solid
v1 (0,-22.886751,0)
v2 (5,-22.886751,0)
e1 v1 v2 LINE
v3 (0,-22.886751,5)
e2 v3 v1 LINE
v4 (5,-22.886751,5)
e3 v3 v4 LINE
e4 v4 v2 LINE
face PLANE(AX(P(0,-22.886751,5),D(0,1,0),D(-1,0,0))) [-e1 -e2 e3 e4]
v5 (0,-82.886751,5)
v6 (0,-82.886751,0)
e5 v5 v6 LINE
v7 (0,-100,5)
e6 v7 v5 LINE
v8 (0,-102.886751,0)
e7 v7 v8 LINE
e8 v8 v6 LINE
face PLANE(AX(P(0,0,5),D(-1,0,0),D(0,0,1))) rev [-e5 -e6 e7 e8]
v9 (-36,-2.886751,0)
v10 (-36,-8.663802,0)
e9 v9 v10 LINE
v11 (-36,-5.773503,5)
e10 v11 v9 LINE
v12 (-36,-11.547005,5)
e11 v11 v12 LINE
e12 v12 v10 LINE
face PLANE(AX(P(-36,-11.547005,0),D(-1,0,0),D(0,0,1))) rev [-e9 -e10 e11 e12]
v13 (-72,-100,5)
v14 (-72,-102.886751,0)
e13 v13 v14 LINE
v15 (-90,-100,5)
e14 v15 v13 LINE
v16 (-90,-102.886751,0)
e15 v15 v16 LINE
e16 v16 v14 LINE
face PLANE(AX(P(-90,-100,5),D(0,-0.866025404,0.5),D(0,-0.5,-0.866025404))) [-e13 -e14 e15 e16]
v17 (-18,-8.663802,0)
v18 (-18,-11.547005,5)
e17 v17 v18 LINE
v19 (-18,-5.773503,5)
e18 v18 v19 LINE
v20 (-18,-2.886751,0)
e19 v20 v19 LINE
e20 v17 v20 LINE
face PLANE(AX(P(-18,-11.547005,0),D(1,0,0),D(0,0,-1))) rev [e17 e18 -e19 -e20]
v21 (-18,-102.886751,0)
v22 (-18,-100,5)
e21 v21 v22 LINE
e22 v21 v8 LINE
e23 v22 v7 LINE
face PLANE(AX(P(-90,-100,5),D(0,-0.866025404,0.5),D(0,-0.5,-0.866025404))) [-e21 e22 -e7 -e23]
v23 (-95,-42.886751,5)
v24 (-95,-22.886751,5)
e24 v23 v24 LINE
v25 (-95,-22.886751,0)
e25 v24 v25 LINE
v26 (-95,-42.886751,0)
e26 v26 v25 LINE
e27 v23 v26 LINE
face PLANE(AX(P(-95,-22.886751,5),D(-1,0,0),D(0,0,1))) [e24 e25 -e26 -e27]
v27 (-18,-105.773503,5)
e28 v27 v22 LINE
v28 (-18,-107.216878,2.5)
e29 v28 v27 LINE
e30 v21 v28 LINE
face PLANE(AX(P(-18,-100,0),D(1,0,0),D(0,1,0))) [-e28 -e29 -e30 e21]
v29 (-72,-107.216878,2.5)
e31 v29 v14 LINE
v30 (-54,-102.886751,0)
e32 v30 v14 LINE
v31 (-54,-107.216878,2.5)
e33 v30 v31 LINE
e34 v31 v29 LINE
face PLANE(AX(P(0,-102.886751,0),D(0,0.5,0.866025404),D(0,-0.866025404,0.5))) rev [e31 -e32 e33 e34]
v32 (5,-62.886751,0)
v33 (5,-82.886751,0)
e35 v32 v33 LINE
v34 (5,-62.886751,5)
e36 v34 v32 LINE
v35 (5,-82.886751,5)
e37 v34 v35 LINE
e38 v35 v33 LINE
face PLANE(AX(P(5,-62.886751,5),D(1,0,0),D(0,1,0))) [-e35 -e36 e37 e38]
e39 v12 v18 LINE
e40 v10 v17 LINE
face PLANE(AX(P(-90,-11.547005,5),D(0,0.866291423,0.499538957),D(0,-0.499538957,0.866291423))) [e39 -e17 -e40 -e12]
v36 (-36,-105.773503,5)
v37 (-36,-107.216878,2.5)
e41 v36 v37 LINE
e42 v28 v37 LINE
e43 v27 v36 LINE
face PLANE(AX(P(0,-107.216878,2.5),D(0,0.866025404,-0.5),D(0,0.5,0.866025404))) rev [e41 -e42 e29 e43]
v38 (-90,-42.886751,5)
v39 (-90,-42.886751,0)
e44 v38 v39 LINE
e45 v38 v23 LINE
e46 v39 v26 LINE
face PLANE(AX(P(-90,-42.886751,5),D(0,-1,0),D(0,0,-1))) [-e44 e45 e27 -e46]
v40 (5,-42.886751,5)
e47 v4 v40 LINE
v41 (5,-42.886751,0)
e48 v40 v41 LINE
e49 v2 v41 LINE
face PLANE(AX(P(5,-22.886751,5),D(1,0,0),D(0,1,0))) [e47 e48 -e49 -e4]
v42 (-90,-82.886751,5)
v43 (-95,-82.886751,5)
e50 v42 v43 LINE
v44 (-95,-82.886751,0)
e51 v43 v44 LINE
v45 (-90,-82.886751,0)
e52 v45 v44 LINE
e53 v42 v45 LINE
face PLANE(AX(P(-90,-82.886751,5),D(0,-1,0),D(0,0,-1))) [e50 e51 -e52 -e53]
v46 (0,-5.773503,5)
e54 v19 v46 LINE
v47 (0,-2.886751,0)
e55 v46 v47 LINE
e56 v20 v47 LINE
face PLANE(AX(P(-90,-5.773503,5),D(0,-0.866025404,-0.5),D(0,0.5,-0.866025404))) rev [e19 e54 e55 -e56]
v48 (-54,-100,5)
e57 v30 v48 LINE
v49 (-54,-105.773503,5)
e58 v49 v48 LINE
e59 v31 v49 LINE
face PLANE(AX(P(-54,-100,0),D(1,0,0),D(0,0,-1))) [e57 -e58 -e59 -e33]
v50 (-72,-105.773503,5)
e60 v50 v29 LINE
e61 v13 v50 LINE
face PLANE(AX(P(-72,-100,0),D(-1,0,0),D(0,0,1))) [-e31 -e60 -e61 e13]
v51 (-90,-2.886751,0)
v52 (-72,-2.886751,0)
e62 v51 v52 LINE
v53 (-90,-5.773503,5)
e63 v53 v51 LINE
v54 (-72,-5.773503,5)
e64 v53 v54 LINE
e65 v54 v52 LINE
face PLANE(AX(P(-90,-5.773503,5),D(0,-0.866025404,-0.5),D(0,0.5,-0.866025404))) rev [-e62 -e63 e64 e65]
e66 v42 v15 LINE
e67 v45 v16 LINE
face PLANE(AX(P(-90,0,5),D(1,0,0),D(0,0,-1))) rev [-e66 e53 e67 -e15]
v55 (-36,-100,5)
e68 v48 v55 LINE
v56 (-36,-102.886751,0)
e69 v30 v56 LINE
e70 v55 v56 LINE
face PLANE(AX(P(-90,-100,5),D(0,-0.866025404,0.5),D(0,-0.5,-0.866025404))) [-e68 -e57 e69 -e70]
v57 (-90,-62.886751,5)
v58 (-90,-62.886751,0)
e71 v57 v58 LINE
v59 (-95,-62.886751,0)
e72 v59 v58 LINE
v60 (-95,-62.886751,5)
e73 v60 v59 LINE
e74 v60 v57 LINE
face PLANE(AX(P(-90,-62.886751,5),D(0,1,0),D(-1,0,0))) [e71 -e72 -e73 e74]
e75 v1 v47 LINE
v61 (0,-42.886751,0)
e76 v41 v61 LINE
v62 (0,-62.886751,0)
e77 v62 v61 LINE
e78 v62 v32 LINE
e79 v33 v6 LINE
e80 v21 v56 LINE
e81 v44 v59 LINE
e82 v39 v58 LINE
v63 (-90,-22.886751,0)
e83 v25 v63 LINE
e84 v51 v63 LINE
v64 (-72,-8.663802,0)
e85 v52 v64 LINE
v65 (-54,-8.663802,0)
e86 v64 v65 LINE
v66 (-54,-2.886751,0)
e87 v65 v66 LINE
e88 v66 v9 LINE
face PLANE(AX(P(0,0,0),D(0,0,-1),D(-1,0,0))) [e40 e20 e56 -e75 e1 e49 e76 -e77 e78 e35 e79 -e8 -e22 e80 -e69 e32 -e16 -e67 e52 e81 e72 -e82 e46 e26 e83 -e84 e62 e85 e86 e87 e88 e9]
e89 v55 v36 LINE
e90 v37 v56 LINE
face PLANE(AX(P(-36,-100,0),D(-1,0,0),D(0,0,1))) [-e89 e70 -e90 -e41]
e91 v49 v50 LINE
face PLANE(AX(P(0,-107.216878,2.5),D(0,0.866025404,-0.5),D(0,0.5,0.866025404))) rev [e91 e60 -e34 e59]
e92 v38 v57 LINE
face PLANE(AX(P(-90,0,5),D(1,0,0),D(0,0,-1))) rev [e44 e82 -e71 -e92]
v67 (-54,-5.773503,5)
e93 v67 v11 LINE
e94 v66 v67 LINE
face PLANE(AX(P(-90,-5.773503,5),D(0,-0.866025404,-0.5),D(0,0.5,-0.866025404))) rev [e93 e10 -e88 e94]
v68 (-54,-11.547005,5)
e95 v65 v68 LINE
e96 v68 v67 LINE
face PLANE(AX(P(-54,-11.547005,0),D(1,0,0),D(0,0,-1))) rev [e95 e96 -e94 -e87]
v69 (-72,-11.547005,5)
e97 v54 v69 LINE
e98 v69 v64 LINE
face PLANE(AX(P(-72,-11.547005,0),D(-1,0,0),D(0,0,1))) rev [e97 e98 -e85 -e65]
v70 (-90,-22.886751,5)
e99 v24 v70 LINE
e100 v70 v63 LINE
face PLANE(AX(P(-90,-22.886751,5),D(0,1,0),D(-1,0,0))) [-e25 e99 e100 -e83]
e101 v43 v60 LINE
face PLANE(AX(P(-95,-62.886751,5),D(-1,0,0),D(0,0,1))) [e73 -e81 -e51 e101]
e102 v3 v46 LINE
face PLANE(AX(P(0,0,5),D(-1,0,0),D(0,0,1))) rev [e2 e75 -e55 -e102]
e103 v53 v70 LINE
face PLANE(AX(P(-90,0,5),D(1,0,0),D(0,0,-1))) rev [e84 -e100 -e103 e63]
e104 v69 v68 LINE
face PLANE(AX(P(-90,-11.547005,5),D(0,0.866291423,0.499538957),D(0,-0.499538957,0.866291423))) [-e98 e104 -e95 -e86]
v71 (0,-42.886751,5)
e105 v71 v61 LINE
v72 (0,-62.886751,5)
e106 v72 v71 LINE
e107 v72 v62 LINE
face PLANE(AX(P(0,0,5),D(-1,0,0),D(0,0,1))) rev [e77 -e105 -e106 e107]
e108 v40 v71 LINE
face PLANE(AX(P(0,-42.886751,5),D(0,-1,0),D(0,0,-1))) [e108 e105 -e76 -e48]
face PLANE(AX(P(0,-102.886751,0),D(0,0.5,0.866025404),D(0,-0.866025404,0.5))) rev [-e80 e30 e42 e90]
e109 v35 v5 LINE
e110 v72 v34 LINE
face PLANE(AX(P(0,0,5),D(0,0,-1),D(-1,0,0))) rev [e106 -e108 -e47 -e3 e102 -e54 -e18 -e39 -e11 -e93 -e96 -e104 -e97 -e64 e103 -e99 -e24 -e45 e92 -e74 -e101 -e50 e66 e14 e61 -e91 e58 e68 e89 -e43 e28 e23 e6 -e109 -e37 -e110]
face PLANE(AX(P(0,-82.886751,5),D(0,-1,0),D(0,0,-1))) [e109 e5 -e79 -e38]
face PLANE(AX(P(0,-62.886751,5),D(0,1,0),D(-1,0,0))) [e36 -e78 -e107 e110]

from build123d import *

# Parameters (mm, degrees)
ESQUISSE1_W                    = 90
ESQUISSE1_H                    = 100
BOSS_EXTRU_3_DEPTH             = 5
ENL_V_MAT_EXTRU_3_DEPTH        = 135.629120178
BOSS_EXTRU_4_DEPTH             = 90
ESQUISSE7_W                    = 18
ESQUISSE7_H                    = 5.773502692
ENL_V_MAT_EXTRU_4_DEPTH        = 137.787000854
ESQUISSE8_W                    = 18
ESQUISSE8_H                    = 5
ENL_V_MAT_EXTRU_5_DEPTH        = 133.498992691
ESQUISSE9_W                    = 18
ESQUISSE9_H                    = 5
ENL_V_MAT_EXTRU_6_DEPTH        = 133.498992691
BOSS_EXTRU_5_REACH             = 118.304
BOSS_EXTRU_5_DIRECTION_2_REACH = 118.304
ESQUISSE11_W                   = 18
ESQUISSE11_H                   = 13
BOSS_EXTRU_6_DEPTH             = 5
ENL_V_MAT_EXTRU_7_DEPTH        = 135.082064423
ESQUISSE13_W                   = 5
ESQUISSE13_H                   = 20
BOSS_EXTRU_7_DEPTH             = 5


with BuildPart() as part:
    # Esquisse1 → Boss.-Extru.3 (new body)
    with BuildSketch(Plane.XY):
        with Locations((-45, -50)):
            Rectangle(ESQUISSE1_W, ESQUISSE1_H)
    extrude(amount=BOSS_EXTRU_3_DEPTH)

    # Esquisse5 → Enlèv. mat.-Extru.3 (cut, through all)
    with BuildSketch(Plane(origin=(0, 0, 0), x_dir=(0, 0, -1), z_dir=(1, 0, 0))):
        Polygon((0, 0), (-5, 0), (-5, -5.773502692), (0, -2.886751346), align=None)
    extrude(amount=-ENL_V_MAT_EXTRU_3_DEPTH, mode=Mode.SUBTRACT)

    # Esquisse6 → Boss.-Extru.4 (add, through all)
    with BuildSketch(Plane(origin=(0, 0, 0), x_dir=(0, 0, -1), z_dir=(1, 0, 0))):
        Polygon((0, -100), (-5, -100), (0, -102.886751346), align=None)
    extrude(amount=-BOSS_EXTRU_4_DEPTH)

    # Esquisse7 → Enlèv. mat.-Extru.4 (cut, through all)
    with BuildSketch(Plane.XY.offset(5)):
        with Locations((-63, -8.660254038)):
            Rectangle(ESQUISSE7_W, ESQUISSE7_H)
        with Locations((-27, -8.660254038)):
            Rectangle(ESQUISSE7_W, ESQUISSE7_H)
    extrude(amount=-ENL_V_MAT_EXTRU_4_DEPTH, mode=Mode.SUBTRACT)

    # Esquisse8 → Enlèv. mat.-Extru.5 (cut, through all)
    with BuildSketch(Plane.XZ.offset(5.773502692)):
        with Locations((-63, 2.5)):
            Rectangle(ESQUISSE8_W, ESQUISSE8_H)
    extrude(amount=-ENL_V_MAT_EXTRU_5_DEPTH, mode=Mode.SUBTRACT)

    # Esquisse9 → Enlèv. mat.-Extru.6 (cut, through all)
    with BuildSketch(Plane.XZ.offset(5.773502692)):
        with Locations((-27, 2.5)):
            Rectangle(ESQUISSE9_W, ESQUISSE9_H)
    extrude(amount=-ENL_V_MAT_EXTRU_6_DEPTH, mode=Mode.SUBTRACT)

    # Esquisse10 → Boss.-Extru.5 (add, up to next)
    with BuildSketch(Plane(origin=(-36, 0, 0), x_dir=(0, 0, -1), z_dir=(1, 0, 0)), mode=Mode.PRIVATE) as boss_extru_5_sk1:
        Polygon((0, -11.547005384), (-5, -11.547005384), (0, -8.66380151), align=None)
    boss_extru_5_tool1 = extrude(boss_extru_5_sk1.sketch, amount=-BOSS_EXTRU_5_REACH, mode=Mode.PRIVATE) - part.part
    add(boss_extru_5_tool1.solids().sort_by_distance((-36, -10.585937, 1.666667))[0])

    # Esquisse10 → Boss.-Extru.5 direction 2 (add, up to next)
    with BuildSketch(Plane(origin=(-36, 0, 0), x_dir=(0, 0, -1), z_dir=(1, 0, 0)), mode=Mode.PRIVATE) as boss_extru_5_direction_2_sk1:
        Polygon((0, -11.547005384), (-5, -11.547005384), (0, -8.66380151), align=None)
    boss_extru_5_direction_2_tool1 = extrude(boss_extru_5_direction_2_sk1.sketch, amount=BOSS_EXTRU_5_DIRECTION_2_REACH, mode=Mode.PRIVATE) - part.part
    add(boss_extru_5_direction_2_tool1.solids().sort_by_distance((-36, -10.585937, 1.666667))[0])

    # Esquisse11 → Boss.-Extru.6 (add, through all)
    with BuildSketch(Plane.XY.offset(5)):
        with Locations((-63, -106.5)):
            Rectangle(ESQUISSE11_W, ESQUISSE11_H)
        with Locations((-27, -106.5)):
            Rectangle(ESQUISSE11_W, ESQUISSE11_H)
    extrude(amount=-BOSS_EXTRU_6_DEPTH)

    # Esquisse12 → Enlèv. mat.-Extru.7 (cut, through all)
    with BuildSketch(Plane.ZY.offset(72)):
        Polygon((0, -102.886751346), (2.5, -107.216878365), (5, -105.773502692), (5, -113), (0, -113), align=None)
    extrude(amount=-ENL_V_MAT_EXTRU_7_DEPTH, mode=Mode.SUBTRACT)

    # Esquisse13 → Boss.-Extru.7 (add, through all)
    with BuildSketch(Plane(origin=(0, 0, 0), x_dir=(-1, 0, 0), z_dir=(0, 0, -1))):
        with Locations((92.5, -32.886751346)):
            Rectangle(ESQUISSE13_W, ESQUISSE13_H)
        with Locations((92.5, -72.886751346)):
            Rectangle(ESQUISSE13_W, ESQUISSE13_H)
        with Locations((-2.5, -72.886751346)):
            Rectangle(ESQUISSE13_W, ESQUISSE13_H)
        with Locations((-2.5, -32.886751346)):
            Rectangle(ESQUISSE13_W, ESQUISSE13_H)
    extrude(amount=-BOSS_EXTRU_7_DEPTH)


solid = part.part
